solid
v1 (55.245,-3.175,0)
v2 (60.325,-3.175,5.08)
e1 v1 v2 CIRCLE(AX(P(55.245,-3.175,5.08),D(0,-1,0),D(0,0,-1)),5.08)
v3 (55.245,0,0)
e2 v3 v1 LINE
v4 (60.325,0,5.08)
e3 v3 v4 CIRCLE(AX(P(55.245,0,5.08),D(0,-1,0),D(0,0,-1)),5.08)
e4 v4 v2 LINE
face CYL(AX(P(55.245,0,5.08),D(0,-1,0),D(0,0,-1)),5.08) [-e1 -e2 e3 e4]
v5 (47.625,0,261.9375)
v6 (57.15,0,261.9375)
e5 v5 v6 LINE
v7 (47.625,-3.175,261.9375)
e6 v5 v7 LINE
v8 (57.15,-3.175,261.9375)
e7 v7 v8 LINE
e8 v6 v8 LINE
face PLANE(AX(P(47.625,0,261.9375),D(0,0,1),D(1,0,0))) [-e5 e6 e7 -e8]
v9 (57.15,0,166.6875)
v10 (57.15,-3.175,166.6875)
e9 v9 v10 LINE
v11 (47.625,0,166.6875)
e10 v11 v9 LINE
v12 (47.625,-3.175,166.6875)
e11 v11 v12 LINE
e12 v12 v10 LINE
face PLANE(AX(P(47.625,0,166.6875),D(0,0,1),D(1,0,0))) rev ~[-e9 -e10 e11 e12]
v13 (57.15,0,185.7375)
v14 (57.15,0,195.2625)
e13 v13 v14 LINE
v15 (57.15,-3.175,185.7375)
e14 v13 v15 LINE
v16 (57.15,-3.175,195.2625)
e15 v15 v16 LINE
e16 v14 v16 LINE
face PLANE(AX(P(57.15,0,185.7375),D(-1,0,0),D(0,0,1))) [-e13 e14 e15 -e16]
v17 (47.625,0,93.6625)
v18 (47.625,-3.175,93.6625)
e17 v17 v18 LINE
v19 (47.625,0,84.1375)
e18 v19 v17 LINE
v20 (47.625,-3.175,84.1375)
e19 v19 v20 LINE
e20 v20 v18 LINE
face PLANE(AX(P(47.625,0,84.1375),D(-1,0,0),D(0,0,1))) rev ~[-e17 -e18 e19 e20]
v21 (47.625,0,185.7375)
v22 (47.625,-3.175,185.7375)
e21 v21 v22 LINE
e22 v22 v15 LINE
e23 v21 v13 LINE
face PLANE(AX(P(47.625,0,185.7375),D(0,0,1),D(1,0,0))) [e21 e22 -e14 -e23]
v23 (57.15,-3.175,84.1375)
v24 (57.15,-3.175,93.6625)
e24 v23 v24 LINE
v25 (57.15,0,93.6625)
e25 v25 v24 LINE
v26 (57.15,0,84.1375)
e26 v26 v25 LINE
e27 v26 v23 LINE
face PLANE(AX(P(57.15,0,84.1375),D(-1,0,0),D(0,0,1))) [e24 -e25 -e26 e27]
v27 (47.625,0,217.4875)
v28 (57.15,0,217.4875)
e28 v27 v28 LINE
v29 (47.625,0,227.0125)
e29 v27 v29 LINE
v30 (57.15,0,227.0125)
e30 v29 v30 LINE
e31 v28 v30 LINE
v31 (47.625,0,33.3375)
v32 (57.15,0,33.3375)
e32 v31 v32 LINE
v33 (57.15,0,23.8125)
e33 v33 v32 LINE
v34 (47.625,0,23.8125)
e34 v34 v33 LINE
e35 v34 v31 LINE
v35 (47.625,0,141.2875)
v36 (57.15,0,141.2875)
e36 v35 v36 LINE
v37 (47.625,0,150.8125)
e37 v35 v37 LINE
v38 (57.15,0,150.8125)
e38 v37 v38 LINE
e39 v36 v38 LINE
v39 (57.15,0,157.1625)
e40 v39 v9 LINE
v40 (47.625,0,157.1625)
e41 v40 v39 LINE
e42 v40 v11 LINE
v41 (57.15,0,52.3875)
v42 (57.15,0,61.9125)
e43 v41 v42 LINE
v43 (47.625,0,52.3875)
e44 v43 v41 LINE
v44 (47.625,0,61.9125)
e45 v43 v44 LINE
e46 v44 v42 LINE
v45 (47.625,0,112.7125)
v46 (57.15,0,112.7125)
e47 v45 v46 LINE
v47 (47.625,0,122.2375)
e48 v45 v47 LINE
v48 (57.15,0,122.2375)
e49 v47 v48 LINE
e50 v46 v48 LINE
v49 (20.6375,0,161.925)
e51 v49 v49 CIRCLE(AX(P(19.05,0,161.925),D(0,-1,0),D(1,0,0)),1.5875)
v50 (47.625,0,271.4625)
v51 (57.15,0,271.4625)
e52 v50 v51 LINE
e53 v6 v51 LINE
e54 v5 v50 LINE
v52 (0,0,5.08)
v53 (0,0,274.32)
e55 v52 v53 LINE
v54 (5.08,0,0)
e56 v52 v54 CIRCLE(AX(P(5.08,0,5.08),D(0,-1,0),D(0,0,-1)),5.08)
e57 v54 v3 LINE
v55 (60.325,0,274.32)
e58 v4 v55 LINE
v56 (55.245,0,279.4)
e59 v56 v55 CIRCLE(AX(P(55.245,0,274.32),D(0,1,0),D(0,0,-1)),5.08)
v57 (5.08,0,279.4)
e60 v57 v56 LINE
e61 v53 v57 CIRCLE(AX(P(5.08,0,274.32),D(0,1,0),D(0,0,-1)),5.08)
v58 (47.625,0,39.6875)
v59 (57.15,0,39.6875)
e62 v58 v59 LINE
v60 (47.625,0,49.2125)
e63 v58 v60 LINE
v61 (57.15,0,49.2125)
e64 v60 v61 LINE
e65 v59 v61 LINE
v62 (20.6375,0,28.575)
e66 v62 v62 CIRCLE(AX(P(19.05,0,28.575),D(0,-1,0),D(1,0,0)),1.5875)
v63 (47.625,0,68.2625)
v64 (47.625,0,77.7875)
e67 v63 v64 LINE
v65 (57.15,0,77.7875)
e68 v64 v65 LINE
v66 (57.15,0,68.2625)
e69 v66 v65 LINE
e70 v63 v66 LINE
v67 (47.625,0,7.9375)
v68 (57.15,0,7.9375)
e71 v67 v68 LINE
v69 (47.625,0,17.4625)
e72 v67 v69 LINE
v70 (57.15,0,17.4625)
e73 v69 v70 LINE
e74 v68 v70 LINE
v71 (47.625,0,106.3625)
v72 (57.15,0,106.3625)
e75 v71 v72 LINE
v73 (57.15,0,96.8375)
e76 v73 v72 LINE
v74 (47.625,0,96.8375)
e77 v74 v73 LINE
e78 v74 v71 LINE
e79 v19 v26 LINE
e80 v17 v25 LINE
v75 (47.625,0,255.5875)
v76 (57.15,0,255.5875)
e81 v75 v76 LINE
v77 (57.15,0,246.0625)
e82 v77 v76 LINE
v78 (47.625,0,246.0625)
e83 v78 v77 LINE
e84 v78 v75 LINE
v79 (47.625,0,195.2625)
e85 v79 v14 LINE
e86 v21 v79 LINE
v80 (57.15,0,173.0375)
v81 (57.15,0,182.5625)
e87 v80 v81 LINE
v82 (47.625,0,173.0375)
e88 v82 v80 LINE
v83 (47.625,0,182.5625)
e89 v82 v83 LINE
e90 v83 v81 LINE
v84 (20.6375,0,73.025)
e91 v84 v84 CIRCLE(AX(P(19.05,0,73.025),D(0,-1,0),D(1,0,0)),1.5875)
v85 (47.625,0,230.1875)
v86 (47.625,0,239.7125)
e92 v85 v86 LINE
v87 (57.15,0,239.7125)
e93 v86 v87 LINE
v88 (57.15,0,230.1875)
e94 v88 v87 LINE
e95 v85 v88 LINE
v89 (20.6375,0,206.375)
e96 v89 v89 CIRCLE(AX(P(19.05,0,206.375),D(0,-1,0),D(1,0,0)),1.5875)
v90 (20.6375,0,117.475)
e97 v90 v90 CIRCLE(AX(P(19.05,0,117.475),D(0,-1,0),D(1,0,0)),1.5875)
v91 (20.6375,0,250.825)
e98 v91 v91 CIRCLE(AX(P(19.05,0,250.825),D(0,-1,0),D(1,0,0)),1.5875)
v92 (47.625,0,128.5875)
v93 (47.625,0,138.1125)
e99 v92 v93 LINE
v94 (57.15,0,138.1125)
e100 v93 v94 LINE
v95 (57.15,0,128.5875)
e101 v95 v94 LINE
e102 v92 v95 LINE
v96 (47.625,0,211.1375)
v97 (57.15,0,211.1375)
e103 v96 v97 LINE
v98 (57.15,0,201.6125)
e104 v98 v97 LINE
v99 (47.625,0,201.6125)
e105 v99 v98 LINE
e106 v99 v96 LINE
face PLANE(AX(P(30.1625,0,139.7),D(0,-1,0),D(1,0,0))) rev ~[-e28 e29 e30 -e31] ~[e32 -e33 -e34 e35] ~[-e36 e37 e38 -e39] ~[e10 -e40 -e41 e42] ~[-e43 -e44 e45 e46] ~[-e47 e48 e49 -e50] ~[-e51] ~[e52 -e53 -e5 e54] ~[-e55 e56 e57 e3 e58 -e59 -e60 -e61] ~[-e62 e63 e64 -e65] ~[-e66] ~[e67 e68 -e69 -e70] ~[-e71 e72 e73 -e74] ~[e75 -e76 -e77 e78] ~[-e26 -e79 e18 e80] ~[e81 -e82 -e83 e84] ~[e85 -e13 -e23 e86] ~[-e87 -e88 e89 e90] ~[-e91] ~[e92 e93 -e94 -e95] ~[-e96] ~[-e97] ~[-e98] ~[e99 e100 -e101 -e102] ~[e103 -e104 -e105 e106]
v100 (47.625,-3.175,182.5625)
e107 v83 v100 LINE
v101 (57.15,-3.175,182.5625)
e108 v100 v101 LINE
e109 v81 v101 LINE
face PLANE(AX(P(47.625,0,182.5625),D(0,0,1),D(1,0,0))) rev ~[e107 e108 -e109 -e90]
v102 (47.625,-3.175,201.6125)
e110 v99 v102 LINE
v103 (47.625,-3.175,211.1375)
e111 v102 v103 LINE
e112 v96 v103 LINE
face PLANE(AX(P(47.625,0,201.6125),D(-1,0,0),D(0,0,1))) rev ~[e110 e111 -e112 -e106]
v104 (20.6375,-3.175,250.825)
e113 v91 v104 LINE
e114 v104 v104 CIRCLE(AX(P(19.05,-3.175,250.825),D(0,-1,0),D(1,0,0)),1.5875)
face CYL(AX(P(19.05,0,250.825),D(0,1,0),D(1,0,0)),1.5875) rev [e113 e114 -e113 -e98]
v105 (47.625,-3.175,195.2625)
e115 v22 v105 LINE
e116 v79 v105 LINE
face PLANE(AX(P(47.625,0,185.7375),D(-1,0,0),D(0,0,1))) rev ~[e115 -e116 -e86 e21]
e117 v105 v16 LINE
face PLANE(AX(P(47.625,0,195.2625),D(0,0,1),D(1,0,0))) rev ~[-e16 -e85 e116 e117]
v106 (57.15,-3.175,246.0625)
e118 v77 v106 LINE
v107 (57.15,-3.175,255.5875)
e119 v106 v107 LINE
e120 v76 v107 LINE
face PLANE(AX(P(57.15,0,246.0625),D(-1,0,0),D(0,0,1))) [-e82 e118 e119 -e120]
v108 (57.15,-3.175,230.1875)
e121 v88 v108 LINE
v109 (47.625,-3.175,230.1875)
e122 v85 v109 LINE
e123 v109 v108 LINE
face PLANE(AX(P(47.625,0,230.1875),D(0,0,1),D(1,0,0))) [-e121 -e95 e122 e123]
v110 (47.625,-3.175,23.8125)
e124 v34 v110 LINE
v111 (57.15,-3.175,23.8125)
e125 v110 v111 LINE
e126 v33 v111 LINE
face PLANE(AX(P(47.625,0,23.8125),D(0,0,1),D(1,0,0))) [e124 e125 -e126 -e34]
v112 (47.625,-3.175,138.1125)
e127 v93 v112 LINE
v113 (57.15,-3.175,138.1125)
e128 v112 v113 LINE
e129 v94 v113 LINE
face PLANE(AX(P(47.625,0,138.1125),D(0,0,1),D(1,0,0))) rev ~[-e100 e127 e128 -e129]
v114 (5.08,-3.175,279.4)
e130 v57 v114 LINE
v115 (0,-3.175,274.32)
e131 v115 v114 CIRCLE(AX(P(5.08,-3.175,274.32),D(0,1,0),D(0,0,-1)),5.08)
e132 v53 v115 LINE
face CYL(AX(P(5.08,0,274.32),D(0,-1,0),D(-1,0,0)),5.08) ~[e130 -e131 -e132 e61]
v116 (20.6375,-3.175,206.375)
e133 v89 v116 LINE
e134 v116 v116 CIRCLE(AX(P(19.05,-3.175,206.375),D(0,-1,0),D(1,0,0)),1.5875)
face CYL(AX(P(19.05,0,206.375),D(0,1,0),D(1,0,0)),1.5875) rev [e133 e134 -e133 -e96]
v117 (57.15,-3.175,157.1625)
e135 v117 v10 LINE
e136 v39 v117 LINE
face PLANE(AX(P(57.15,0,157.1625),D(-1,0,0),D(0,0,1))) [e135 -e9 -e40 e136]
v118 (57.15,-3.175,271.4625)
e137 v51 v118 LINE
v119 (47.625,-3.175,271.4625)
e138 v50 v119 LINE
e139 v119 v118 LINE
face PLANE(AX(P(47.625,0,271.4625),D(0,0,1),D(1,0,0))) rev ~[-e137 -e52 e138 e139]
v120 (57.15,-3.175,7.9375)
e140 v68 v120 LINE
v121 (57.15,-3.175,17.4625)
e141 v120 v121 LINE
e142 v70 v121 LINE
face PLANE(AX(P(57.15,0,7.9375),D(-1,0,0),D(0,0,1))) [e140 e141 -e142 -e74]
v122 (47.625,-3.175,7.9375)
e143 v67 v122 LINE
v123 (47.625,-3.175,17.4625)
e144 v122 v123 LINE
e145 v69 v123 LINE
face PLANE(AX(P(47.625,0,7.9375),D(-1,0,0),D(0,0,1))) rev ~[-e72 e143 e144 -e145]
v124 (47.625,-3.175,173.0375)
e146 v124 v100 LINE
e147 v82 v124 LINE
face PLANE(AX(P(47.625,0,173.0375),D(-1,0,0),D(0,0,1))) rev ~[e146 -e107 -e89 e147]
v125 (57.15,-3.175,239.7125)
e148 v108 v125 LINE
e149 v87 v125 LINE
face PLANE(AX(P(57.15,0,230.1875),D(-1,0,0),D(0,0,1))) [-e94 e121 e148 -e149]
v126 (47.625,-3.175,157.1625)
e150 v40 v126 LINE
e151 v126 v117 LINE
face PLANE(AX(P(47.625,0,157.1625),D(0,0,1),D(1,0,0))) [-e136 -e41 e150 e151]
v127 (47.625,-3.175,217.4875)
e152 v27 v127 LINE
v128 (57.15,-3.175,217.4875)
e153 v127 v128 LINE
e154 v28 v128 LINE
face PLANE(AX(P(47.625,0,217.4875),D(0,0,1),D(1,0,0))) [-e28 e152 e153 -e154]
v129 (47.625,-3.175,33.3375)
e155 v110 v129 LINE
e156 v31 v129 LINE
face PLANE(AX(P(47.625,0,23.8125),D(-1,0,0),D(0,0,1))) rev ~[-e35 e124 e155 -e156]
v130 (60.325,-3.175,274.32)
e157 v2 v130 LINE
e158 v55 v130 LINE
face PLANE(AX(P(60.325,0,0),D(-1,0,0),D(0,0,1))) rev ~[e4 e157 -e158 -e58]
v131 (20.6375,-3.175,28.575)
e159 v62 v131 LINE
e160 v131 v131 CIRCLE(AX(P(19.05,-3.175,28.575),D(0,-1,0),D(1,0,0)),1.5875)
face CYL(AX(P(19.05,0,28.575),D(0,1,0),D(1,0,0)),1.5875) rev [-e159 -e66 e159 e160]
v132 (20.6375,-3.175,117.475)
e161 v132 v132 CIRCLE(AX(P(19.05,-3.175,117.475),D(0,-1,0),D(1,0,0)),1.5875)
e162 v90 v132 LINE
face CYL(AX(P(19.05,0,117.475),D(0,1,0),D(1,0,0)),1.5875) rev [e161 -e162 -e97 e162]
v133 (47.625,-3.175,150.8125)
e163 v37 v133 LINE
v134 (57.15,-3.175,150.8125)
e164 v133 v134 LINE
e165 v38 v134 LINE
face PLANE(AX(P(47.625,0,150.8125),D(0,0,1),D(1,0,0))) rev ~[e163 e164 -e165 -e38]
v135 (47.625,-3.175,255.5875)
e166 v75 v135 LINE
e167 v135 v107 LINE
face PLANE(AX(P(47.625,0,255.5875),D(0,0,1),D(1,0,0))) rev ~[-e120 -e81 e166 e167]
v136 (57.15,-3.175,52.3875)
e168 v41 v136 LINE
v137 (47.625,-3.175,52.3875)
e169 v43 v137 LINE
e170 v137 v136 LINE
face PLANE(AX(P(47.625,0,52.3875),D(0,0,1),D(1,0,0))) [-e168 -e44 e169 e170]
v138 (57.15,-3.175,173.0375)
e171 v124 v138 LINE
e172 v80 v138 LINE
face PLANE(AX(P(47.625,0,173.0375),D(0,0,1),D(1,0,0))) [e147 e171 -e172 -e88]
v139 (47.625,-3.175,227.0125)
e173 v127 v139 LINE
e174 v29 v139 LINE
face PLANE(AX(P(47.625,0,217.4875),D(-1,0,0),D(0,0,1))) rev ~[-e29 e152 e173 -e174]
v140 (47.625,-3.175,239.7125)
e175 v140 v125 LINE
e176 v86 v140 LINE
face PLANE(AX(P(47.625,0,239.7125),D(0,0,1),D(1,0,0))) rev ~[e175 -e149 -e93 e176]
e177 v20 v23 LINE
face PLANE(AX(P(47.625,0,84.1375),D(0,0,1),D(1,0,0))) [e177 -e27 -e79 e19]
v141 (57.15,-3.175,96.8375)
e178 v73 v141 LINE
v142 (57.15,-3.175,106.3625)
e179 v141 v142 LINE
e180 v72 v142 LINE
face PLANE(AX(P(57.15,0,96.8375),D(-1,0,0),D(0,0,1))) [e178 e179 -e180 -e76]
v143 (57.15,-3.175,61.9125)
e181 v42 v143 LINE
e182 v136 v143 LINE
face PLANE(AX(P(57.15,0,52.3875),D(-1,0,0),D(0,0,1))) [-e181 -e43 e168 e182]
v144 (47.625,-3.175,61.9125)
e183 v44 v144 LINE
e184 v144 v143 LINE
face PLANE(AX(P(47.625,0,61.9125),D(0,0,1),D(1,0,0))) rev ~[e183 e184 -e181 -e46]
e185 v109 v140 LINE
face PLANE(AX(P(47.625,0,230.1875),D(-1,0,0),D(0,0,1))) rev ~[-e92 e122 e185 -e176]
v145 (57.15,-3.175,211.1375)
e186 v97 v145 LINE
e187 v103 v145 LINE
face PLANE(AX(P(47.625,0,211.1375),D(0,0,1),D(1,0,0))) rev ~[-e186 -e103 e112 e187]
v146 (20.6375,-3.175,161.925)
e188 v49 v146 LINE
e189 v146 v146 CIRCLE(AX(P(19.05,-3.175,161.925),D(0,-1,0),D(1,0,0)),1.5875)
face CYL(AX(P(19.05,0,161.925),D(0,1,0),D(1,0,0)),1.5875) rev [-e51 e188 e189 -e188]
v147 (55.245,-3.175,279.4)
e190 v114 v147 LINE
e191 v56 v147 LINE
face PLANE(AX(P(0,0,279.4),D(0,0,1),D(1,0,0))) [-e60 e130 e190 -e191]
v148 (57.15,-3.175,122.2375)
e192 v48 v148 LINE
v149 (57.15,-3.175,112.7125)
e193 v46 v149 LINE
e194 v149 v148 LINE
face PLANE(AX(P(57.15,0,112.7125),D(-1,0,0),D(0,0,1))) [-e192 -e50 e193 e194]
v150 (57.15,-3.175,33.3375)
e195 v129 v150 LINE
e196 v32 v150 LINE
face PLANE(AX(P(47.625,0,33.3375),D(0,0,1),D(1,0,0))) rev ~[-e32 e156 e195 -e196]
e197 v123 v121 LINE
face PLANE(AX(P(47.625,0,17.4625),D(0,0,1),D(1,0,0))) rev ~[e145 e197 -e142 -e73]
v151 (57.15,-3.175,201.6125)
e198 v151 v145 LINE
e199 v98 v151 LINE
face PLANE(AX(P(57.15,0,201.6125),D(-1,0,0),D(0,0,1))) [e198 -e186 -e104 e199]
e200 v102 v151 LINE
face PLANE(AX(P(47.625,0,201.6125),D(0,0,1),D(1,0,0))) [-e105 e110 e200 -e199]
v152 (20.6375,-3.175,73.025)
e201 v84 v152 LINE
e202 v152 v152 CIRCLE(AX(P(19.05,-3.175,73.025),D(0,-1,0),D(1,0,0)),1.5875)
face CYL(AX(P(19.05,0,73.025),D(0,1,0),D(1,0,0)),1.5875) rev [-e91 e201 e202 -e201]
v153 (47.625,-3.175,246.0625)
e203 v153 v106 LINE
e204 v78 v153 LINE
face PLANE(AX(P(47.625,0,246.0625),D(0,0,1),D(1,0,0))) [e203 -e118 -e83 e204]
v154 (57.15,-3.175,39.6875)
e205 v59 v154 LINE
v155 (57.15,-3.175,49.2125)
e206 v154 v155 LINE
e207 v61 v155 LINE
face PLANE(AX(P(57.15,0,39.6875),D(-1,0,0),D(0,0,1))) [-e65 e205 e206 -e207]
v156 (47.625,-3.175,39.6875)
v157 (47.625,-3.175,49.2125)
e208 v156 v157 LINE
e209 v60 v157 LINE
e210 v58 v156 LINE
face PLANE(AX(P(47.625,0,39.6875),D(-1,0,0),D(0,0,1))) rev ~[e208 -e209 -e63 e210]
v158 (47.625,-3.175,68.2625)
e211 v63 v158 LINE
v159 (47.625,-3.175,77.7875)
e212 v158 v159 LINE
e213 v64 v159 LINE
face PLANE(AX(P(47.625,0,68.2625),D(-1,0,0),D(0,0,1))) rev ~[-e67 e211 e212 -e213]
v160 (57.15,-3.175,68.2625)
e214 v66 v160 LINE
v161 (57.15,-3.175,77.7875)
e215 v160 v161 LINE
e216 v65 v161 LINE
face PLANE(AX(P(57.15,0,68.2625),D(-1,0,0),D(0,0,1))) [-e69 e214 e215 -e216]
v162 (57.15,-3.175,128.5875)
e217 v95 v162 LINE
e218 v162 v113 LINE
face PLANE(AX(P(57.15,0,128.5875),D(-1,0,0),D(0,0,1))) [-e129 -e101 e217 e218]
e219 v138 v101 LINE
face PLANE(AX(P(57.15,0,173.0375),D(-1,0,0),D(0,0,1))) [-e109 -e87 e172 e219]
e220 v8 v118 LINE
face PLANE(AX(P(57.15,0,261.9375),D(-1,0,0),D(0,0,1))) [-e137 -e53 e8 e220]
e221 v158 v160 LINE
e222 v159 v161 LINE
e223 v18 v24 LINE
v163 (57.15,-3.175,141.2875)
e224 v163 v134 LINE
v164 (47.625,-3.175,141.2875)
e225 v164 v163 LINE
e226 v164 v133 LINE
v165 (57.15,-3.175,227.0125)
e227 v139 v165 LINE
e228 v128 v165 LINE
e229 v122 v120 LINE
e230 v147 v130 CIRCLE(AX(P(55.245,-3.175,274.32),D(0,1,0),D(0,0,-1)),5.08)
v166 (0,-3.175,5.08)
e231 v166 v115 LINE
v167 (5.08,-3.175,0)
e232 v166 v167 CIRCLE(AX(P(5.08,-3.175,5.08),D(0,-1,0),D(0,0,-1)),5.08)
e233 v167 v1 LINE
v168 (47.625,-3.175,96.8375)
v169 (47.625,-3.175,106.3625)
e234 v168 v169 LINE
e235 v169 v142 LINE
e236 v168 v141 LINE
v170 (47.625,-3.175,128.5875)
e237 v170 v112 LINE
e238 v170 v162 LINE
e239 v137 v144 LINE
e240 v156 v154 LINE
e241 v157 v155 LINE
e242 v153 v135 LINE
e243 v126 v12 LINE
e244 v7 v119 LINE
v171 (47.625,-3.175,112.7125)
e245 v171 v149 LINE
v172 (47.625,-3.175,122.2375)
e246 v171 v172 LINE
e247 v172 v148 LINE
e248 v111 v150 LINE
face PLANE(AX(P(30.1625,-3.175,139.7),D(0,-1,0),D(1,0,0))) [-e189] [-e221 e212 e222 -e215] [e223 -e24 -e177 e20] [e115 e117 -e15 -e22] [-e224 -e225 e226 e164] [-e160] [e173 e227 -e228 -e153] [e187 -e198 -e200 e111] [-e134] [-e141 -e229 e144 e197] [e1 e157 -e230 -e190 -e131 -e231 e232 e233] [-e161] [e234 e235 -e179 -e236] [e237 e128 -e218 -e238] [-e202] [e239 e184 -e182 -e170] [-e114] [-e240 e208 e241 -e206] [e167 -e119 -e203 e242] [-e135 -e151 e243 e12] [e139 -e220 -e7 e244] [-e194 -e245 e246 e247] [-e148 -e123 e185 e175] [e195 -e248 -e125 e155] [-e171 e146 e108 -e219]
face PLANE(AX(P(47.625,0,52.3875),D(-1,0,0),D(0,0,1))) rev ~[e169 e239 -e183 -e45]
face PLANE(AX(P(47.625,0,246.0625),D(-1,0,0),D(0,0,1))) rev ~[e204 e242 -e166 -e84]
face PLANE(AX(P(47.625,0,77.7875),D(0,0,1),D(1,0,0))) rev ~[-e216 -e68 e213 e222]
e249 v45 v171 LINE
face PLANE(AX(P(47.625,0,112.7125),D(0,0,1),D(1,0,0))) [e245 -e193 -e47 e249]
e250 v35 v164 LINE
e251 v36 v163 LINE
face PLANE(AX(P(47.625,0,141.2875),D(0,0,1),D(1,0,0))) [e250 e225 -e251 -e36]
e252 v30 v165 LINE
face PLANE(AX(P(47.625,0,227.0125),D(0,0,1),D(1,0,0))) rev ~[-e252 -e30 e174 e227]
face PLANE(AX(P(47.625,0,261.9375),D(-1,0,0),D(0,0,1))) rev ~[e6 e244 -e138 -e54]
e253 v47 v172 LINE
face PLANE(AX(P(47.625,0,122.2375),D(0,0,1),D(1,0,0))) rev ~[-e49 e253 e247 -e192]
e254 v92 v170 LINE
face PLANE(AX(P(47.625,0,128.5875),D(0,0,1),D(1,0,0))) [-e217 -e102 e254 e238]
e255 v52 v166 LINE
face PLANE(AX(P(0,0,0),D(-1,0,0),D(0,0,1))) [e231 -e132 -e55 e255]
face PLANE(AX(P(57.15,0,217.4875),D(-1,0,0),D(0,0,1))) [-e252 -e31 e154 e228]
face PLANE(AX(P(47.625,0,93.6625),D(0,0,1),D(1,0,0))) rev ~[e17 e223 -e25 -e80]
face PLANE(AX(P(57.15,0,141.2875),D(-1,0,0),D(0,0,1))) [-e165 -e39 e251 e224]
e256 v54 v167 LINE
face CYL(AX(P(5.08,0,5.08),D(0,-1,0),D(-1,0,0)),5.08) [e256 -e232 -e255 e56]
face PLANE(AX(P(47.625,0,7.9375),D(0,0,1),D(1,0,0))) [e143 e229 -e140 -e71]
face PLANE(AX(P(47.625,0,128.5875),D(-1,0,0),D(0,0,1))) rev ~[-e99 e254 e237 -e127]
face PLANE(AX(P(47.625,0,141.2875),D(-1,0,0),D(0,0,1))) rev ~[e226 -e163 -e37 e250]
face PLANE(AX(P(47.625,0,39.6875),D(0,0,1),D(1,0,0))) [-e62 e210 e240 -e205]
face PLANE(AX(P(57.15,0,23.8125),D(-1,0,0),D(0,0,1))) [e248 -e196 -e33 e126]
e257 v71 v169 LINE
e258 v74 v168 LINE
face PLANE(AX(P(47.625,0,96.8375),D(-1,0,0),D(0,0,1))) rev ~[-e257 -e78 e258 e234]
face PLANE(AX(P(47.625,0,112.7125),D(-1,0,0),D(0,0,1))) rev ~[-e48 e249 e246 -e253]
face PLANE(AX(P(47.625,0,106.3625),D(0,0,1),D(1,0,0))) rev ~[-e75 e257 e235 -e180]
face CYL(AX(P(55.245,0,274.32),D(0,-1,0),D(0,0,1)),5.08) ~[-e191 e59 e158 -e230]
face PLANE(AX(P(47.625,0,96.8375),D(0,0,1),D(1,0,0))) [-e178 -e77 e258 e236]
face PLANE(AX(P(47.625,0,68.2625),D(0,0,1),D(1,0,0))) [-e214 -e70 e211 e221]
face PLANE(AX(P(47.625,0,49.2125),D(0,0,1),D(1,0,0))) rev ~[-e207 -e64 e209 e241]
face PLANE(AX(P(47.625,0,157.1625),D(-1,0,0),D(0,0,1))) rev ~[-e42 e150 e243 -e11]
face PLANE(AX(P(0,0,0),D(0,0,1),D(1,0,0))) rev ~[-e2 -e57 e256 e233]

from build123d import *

# Parameters (mm, degrees)
F0_W     = 60.325
F0_H     = 279.4
F0_R     = 1.5875
F0_W_2   = 9.525
F0_H_2   = 9.525
F1_DEPTH = 3.175
F2_R     = 5.08


with BuildPart() as f1:
    # F0 (on Front) → F1 (new body)
    with BuildSketch(Plane.XZ):
        with Locations((30.1625, 139.7)):
            Rectangle(F0_W, F0_H)
        with Locations((19.05, 28.575)):
            Circle(F0_R, mode=Mode.SUBTRACT)
        with Locations((19.05, 73.025)):
            Circle(F0_R, mode=Mode.SUBTRACT)
        with Locations((19.05, 117.475)):
            Circle(F0_R, mode=Mode.SUBTRACT)
        with Locations((52.3875, 12.7)):
            Rectangle(F0_W_2, F0_H_2, mode=Mode.SUBTRACT)
        with Locations((52.3875, 28.575)):
            Rectangle(F0_W_2, F0_H_2, mode=Mode.SUBTRACT)
        with Locations((52.3875, 44.45)):
            Rectangle(F0_W_2, F0_H_2, mode=Mode.SUBTRACT)
        with Locations((52.3875, 57.15)):
            Rectangle(F0_W_2, F0_H_2, mode=Mode.SUBTRACT)
        with Locations((52.3875, 73.025)):
            Rectangle(F0_W_2, F0_H_2, mode=Mode.SUBTRACT)
        with Locations((52.3875, 88.9)):
            Rectangle(F0_W_2, F0_H_2, mode=Mode.SUBTRACT)
        with Locations((52.3875, 101.6)):
            Rectangle(F0_W_2, F0_H_2, mode=Mode.SUBTRACT)
        with Locations((52.3875, 117.475)):
            Rectangle(F0_W_2, F0_H_2, mode=Mode.SUBTRACT)
        with Locations((52.3875, 133.35)):
            Rectangle(F0_W_2, F0_H_2, mode=Mode.SUBTRACT)
        with Locations((19.05, 161.925)):
            Circle(F0_R, mode=Mode.SUBTRACT)
        with Locations((19.05, 206.375)):
            Circle(F0_R, mode=Mode.SUBTRACT)
        with Locations((19.05, 250.825)):
            Circle(F0_R, mode=Mode.SUBTRACT)
        with Locations((52.3875, 146.05)):
            Rectangle(F0_W_2, F0_H_2, mode=Mode.SUBTRACT)
        with Locations((52.3875, 161.925)):
            Rectangle(F0_W_2, F0_H_2, mode=Mode.SUBTRACT)
        with Locations((52.3875, 177.8)):
            Rectangle(F0_W_2, F0_H_2, mode=Mode.SUBTRACT)
        with Locations((52.3875, 190.5)):
            Rectangle(F0_W_2, F0_H_2, mode=Mode.SUBTRACT)
        with Locations((52.3875, 206.375)):
            Rectangle(F0_W_2, F0_H_2, mode=Mode.SUBTRACT)
        with Locations((52.3875, 222.25)):
            Rectangle(F0_W_2, F0_H_2, mode=Mode.SUBTRACT)
        with Locations((52.3875, 234.95)):
            Rectangle(F0_W_2, F0_H_2, mode=Mode.SUBTRACT)
        with Locations((52.3875, 250.825)):
            Rectangle(F0_W_2, F0_H_2, mode=Mode.SUBTRACT)
        with Locations((52.3875, 266.7)):
            Rectangle(F0_W_2, F0_H_2, mode=Mode.SUBTRACT)
    extrude(amount=F1_DEPTH)

    # F2
    f2_edges = [f1.edges().sort_by_distance(p)[0] for p in [
        (0, -1.5875, 279.4),
        (60.325, -1.5875, 279.4),
        (0, -1.5875, 0),
        (60.325, -1.5875, 0),
    ]]
    fillet(f2_edges, radius=F2_R)


solid = f1.part
